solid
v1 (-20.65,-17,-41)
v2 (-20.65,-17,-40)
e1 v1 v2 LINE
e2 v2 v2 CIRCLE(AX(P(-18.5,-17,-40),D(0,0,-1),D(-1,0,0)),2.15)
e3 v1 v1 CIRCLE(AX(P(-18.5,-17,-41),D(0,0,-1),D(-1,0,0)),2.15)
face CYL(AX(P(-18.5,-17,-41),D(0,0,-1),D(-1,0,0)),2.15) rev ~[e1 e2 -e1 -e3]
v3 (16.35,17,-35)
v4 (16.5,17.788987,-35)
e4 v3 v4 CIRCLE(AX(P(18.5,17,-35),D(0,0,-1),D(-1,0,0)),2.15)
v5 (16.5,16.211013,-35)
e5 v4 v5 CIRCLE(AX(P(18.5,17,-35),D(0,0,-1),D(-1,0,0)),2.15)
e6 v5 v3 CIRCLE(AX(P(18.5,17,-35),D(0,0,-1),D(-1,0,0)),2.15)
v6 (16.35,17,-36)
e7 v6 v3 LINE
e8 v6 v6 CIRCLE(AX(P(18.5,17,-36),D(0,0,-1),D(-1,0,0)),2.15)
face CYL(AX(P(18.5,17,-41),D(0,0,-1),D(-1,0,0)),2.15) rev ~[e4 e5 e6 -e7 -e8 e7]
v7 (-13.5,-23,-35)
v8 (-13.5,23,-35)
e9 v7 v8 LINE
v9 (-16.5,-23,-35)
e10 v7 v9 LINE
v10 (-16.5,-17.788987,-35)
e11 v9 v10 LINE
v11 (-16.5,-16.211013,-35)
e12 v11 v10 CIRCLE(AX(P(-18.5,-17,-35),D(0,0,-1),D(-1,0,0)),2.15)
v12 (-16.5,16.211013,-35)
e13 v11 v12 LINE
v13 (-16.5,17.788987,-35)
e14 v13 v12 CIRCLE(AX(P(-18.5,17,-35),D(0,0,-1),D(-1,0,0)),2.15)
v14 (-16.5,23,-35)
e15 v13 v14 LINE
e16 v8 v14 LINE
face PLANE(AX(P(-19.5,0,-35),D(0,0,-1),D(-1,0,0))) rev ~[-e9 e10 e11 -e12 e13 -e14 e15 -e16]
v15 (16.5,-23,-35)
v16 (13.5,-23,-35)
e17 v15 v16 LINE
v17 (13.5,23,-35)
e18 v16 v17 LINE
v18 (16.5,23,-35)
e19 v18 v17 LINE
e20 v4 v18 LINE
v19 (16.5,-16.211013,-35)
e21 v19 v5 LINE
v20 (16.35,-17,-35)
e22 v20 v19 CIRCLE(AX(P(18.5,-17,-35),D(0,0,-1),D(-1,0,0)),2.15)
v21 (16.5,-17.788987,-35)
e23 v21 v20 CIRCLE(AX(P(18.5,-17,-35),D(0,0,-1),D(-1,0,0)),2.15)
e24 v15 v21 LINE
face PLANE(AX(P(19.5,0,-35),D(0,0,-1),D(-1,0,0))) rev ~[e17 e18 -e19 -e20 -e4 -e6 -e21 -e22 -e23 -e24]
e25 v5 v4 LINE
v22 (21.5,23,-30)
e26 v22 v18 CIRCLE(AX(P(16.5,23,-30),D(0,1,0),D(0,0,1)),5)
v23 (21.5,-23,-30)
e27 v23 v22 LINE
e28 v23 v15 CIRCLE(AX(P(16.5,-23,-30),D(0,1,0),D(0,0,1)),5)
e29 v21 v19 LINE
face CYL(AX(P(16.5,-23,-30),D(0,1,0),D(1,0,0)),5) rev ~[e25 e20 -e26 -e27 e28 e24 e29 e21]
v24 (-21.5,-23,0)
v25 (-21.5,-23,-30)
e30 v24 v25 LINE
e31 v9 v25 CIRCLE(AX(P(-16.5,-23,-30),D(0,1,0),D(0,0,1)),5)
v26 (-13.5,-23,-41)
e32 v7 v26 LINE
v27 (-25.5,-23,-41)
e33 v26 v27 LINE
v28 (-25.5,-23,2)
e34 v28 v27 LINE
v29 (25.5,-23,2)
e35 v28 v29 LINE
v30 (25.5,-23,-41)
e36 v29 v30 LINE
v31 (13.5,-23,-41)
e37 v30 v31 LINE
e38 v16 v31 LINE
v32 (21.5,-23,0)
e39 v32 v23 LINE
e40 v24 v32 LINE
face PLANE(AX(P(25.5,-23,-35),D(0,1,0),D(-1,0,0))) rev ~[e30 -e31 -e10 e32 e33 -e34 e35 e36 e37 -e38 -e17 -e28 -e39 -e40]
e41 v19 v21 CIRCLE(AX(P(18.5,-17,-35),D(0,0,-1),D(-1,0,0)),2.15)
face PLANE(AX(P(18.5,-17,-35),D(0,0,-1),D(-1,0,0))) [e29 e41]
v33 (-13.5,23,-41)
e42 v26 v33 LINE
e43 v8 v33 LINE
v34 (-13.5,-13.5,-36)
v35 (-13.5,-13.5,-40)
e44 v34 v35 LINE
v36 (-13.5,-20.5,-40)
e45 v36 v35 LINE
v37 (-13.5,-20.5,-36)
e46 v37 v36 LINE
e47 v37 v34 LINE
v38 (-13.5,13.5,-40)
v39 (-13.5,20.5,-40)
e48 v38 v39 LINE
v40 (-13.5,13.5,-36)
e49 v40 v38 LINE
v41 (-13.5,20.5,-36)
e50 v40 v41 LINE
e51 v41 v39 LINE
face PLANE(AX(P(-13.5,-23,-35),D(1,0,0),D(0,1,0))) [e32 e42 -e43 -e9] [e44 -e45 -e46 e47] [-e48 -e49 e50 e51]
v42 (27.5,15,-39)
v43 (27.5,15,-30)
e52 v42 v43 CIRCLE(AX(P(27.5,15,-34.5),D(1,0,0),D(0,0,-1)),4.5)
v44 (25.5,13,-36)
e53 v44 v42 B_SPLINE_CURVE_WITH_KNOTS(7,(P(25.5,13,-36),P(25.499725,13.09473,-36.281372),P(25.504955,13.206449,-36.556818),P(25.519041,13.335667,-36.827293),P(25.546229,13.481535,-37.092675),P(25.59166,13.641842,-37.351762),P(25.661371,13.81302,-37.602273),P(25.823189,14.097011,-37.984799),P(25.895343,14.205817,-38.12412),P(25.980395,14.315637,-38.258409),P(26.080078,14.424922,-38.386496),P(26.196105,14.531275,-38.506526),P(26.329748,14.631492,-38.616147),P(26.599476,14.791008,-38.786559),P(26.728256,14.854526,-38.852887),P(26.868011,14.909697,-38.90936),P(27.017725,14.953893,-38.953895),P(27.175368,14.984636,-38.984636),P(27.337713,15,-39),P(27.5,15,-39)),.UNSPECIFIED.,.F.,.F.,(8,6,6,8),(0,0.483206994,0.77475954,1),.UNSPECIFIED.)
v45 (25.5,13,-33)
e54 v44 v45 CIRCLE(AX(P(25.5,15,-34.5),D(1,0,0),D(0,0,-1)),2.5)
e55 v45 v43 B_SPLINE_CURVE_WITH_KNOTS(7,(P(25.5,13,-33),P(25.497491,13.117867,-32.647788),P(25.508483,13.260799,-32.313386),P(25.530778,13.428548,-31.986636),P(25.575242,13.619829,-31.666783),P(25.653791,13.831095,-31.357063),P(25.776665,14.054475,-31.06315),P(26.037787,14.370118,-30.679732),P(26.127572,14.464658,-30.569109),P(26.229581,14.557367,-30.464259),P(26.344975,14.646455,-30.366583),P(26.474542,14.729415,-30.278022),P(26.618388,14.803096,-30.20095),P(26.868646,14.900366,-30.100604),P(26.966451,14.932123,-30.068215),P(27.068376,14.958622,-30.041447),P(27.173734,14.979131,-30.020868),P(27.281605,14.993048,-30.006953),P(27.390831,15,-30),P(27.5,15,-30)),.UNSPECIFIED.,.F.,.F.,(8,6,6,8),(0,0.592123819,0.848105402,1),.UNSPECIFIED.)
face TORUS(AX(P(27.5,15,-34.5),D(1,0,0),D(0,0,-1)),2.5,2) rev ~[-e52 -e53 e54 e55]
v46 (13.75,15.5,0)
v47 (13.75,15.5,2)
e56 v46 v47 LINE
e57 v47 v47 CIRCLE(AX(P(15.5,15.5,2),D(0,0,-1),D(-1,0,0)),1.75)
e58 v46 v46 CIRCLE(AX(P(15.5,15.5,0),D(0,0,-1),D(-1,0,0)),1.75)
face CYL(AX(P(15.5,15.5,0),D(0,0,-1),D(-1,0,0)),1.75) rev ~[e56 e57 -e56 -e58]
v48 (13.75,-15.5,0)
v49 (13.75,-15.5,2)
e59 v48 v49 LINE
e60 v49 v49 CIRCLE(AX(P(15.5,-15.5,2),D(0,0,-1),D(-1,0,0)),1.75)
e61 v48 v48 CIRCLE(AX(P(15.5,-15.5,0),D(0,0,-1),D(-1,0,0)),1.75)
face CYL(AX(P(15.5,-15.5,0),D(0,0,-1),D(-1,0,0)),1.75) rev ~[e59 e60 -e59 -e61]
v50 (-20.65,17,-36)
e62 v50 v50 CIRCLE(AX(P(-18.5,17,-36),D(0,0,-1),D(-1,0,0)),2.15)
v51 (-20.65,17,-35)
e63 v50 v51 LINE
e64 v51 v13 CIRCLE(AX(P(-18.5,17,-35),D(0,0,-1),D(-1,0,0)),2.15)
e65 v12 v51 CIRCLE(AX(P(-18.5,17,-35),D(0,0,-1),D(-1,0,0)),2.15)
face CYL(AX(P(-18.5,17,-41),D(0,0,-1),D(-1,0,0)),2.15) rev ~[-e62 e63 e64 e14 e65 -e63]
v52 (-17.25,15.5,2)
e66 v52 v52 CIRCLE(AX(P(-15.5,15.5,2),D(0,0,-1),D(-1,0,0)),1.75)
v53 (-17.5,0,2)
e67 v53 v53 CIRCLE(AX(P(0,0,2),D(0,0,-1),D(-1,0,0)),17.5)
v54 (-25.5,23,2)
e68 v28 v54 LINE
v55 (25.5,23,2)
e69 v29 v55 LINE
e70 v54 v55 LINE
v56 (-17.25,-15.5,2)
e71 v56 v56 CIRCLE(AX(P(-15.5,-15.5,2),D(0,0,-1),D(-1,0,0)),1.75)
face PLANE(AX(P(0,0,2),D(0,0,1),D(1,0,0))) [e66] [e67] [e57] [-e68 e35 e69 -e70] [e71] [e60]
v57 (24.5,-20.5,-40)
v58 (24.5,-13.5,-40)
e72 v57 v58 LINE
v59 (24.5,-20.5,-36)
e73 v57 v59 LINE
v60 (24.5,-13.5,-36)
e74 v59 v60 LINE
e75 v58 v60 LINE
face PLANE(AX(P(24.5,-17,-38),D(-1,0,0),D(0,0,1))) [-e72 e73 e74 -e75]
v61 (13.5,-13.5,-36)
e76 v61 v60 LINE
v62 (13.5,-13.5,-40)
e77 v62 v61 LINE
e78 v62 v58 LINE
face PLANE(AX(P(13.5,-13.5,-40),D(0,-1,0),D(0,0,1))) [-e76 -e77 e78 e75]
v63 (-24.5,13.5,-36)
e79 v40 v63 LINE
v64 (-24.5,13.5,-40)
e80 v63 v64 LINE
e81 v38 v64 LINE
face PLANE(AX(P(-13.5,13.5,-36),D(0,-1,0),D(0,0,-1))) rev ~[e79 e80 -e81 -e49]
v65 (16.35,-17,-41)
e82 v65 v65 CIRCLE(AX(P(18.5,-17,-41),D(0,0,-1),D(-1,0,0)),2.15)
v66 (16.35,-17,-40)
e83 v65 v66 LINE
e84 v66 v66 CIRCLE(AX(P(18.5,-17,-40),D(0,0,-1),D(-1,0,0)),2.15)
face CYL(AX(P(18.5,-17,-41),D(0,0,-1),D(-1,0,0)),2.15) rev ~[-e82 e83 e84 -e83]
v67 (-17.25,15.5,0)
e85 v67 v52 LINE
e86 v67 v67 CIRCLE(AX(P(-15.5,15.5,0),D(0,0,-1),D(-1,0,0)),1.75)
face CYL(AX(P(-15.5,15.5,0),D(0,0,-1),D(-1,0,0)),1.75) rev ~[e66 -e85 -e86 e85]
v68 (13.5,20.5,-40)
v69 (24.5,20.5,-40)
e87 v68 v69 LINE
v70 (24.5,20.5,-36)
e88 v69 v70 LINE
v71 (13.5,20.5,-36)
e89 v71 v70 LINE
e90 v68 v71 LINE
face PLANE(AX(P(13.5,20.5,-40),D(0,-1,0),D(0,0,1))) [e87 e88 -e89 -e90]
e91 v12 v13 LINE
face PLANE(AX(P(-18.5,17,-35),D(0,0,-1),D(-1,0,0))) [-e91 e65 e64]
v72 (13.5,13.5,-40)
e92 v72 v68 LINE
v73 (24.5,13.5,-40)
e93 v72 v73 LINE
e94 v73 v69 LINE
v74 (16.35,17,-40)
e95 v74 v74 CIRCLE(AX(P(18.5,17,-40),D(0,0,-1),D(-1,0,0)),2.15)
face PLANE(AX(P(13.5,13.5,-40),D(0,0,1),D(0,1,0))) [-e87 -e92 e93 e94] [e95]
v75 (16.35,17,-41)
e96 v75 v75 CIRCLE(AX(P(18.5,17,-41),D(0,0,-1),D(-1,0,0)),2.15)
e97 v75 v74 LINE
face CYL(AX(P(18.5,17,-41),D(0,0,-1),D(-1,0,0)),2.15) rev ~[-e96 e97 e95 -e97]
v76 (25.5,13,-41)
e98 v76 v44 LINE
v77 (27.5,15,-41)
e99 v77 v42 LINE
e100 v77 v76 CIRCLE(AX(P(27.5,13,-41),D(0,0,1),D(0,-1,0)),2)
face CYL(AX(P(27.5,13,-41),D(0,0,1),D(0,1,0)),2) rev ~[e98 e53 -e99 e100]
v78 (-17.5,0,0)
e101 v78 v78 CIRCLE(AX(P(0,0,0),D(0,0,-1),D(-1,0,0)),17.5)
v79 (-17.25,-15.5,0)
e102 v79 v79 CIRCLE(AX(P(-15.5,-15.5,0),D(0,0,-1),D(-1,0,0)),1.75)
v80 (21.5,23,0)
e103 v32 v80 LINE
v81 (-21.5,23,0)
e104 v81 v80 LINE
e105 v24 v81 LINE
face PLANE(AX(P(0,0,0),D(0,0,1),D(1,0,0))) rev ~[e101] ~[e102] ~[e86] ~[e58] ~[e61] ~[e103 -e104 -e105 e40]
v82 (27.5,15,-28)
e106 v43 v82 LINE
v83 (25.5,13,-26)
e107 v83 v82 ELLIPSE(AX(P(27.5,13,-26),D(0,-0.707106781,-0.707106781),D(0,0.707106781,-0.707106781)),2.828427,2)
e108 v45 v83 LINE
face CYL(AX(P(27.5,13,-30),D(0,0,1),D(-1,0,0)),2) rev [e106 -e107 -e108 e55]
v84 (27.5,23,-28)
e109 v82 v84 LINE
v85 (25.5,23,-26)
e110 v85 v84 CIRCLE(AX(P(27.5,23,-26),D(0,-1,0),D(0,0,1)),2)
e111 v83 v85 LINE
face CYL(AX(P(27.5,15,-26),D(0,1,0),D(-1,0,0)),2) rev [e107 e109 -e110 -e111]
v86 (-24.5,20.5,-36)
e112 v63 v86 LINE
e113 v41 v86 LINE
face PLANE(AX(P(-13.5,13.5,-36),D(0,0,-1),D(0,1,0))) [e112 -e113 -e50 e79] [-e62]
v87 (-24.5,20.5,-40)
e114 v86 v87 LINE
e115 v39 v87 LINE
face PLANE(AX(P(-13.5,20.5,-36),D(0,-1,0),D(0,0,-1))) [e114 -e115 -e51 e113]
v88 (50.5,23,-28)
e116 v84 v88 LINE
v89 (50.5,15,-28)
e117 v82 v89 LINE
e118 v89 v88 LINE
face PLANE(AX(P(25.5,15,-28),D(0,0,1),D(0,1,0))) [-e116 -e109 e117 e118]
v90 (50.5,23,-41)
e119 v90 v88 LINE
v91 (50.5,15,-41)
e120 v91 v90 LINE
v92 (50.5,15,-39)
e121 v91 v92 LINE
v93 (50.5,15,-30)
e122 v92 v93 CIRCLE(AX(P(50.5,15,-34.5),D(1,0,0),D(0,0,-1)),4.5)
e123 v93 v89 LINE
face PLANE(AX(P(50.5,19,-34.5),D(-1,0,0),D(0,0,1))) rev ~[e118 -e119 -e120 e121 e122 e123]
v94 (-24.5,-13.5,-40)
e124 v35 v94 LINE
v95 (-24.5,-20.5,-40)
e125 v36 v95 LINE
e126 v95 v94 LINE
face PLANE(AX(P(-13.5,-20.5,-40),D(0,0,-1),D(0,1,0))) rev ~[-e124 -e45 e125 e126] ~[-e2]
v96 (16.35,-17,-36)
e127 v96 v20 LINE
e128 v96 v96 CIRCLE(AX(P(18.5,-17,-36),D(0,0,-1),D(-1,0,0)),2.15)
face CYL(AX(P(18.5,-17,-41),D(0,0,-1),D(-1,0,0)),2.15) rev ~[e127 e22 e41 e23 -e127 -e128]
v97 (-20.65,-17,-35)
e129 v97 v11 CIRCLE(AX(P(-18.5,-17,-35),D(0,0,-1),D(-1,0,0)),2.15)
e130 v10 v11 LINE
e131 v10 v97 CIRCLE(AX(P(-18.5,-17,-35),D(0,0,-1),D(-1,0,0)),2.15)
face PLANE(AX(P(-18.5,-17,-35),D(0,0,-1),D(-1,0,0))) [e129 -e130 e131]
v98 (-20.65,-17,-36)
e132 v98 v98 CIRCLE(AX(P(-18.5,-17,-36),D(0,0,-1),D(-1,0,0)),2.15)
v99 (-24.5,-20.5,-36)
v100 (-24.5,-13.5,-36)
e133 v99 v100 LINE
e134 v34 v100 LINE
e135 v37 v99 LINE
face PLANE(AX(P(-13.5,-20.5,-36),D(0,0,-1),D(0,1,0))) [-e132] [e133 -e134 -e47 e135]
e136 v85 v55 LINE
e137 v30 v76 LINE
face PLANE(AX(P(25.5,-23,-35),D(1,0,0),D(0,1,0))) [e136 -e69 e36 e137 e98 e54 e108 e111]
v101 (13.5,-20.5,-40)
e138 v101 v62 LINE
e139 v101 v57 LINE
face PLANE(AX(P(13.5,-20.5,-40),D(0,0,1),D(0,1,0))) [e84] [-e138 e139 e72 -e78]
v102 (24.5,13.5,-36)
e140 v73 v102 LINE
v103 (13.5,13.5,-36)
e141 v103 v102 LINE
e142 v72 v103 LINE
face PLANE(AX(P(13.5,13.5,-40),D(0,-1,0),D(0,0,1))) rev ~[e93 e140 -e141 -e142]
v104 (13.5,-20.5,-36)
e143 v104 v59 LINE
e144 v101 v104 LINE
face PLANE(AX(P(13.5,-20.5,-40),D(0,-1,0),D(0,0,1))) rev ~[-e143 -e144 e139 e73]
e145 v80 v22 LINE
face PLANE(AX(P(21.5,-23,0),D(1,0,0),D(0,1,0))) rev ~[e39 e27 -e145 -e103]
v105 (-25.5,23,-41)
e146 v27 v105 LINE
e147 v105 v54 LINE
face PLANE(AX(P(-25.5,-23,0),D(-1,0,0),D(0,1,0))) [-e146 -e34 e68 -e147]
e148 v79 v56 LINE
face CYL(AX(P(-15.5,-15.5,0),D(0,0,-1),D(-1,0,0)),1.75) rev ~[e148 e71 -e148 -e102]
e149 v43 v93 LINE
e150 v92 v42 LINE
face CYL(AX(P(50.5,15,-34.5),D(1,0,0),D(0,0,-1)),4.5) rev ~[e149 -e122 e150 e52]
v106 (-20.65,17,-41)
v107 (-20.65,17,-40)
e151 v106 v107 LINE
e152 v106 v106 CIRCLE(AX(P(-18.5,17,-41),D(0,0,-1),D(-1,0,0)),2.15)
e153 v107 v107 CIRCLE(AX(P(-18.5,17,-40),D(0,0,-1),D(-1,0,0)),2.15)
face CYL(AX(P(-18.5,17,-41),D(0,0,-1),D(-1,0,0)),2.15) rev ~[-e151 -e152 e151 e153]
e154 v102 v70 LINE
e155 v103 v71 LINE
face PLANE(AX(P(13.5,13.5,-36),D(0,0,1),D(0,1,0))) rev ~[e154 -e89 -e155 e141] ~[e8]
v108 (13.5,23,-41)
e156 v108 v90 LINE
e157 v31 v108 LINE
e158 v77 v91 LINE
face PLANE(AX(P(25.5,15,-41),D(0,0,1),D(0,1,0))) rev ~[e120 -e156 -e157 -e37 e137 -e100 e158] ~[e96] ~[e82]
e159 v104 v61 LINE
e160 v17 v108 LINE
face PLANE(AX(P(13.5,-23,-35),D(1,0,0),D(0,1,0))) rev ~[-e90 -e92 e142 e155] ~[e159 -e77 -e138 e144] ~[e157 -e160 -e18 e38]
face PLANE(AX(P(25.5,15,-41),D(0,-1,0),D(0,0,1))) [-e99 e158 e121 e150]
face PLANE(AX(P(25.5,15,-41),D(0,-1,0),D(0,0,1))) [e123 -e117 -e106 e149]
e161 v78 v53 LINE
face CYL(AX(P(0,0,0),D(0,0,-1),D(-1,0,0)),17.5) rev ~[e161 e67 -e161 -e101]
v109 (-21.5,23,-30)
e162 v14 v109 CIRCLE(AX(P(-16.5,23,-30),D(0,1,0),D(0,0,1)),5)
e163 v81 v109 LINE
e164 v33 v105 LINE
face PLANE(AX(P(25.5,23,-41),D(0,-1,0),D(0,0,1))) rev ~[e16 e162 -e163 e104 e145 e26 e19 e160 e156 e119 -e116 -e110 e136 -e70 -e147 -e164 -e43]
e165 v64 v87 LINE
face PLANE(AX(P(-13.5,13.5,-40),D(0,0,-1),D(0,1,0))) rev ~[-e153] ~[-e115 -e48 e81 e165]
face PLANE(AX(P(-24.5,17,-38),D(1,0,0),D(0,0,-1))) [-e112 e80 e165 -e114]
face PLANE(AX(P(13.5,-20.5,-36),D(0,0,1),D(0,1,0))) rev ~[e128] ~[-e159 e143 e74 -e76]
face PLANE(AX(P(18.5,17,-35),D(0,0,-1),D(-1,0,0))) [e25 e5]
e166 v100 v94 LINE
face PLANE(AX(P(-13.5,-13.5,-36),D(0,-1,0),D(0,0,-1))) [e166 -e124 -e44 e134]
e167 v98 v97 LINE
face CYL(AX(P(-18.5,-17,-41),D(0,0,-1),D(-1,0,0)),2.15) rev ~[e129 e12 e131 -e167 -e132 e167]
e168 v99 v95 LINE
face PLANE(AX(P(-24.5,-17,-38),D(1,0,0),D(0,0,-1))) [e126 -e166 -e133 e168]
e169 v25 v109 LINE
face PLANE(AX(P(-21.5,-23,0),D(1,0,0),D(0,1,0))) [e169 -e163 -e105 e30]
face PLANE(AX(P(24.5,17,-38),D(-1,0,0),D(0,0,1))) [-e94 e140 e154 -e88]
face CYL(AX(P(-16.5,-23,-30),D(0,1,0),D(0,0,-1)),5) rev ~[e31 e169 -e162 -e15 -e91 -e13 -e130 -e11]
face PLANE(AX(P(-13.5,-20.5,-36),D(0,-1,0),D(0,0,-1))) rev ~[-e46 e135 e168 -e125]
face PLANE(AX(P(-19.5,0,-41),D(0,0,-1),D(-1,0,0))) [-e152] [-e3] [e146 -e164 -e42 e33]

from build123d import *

# Parameters (mm, degrees)
SKETCH1_W           = 51
SKETCH1_H           = 46
BOSS_EXTRUDE1_DEPTH = 2
SKETCH2_W           = 4
SKETCH2_H           = 46
BOSS_EXTRUDE2_DEPTH = 35
SKETCH3_R           = 1.75
CUT_EXTRUDE1_DEPTH  = 30
SKETCH4_W           = 12
SKETCH4_H           = 46
BOSS_EXTRUDE3_DEPTH = 6
FILLET1_R           = 5
SKETCH5_R           = 2.15
CUT_EXTRUDE2_DEPTH  = 6
SKETCH6_W           = 4
SKETCH6_H           = 7
CUT_EXTRUDE3_DEPTH  = 11
SKETCH7_W           = 4
SKETCH7_H           = 7
CUT_EXTRUDE4_DEPTH  = 11
SKETCH8_R           = 17.5
CUT_EXTRUDE5_DEPTH  = 11
SKETCH9_W           = 13
SKETCH9_H           = 8
BOSS_EXTRUDE4_DEPTH = 25
SKETCH10_R          = 4.5
CUT_EXTRUDE6_DEPTH  = 25
FILLET2_R           = 2


with BuildPart() as part:
    # Sketch1 → Boss-Extrude1 (new body)
    with BuildSketch(Plane.XY):
        Rectangle(SKETCH1_W, SKETCH1_H)
    extrude(amount=BOSS_EXTRUDE1_DEPTH)

    # Sketch2 → Boss-Extrude2 (add)
    with BuildSketch(Plane.XY):
        with Locations((23.5, 0)):
            Rectangle(SKETCH2_W, SKETCH2_H)
        with Locations((-23.5, 0)):
            Rectangle(SKETCH2_W, SKETCH2_H)
    extrude(amount=-BOSS_EXTRUDE2_DEPTH)

    # Sketch3 → Cut-Extrude1 (cut)
    with BuildSketch(Plane(origin=(0, 0, 0), x_dir=(-1, 0, 0), z_dir=(0, 0, -1))):
        with Locations((15.5, -15.5)):
            Circle(SKETCH3_R)
        with Locations((-15.5, -15.5)):
            Circle(SKETCH3_R)
        with Locations((-15.5, 15.5)):
            Circle(SKETCH3_R)
        with Locations((15.5, 15.5)):
            Circle(SKETCH3_R)
    extrude(amount=-CUT_EXTRUDE1_DEPTH, mode=Mode.SUBTRACT)

    # Sketch4 → Boss-Extrude3 (add)
    with BuildSketch(Plane(origin=(0, 0, -35), x_dir=(-1, 0, 0), z_dir=(0, 0, -1))):
        with Locations((-19.5, 0)):
            Rectangle(SKETCH4_W, SKETCH4_H)
        with Locations((19.5, 0)):
            Rectangle(SKETCH4_W, SKETCH4_H)
    extrude(amount=BOSS_EXTRUDE3_DEPTH)

    # Fillet1
    fillet1_edges = [part.edges().sort_by_distance(p)[0] for p in [
        (21.5, 0, -35),
        (-21.5, 0, -35),
    ]]
    fillet(fillet1_edges, radius=FILLET1_R)

    # Sketch5 → Cut-Extrude2 (cut)
    with BuildSketch(Plane(origin=(0, 0, -41), x_dir=(-1, 0, 0), z_dir=(0, 0, -1))):
        with Locations((-18.5, -17)):
            Circle(SKETCH5_R)
        with Locations((-18.5, 17)):
            Circle(SKETCH5_R)
        with Locations((18.5, 17)):
            Circle(SKETCH5_R)
        with Locations((18.5, -17)):
            Circle(SKETCH5_R)
    extrude(amount=-CUT_EXTRUDE2_DEPTH, mode=Mode.SUBTRACT)

    # Sketch6 → Cut-Extrude3 (cut)
    with BuildSketch(Plane(origin=(-13.5, 0, 0), x_dir=(0, 0, -1), z_dir=(1, 0, 0))):
        with Locations((38, 17)):
            Rectangle(SKETCH6_W, SKETCH6_H)
        with Locations((38, -17)):
            Rectangle(SKETCH6_W, SKETCH6_H)
    extrude(amount=-CUT_EXTRUDE3_DEPTH, mode=Mode.SUBTRACT)

    # Sketch7 → Cut-Extrude4 (cut)
    with BuildSketch(Plane.ZY.offset(-13.5)):
        with Locations((-38, -17)):
            Rectangle(SKETCH7_W, SKETCH7_H)
        with Locations((-38, 17)):
            Rectangle(SKETCH7_W, SKETCH7_H)
    extrude(amount=-CUT_EXTRUDE4_DEPTH, mode=Mode.SUBTRACT)

    # Sketch8 → Cut-Extrude5 (cut)
    with BuildSketch(Plane(origin=(0, 0, 0), x_dir=(-1, 0, 0), z_dir=(0, 0, -1))):
        Circle(SKETCH8_R)
    extrude(amount=-CUT_EXTRUDE5_DEPTH, mode=Mode.SUBTRACT)

    # Sketch9 → Boss-Extrude4 (add)
    with BuildSketch(Plane.ZY.offset(-25.5)):
        with Locations((-34.5, 19)):
            Rectangle(SKETCH9_W, SKETCH9_H)
    extrude(amount=-BOSS_EXTRUDE4_DEPTH)

    # Sketch10 → Cut-Extrude6 (cut)
    with BuildSketch(Plane(origin=(50.5, 0, 0), x_dir=(0, 0, -1), z_dir=(1, 0, 0))):
        with Locations((34.5, 15)):
            Circle(SKETCH10_R)
    extrude(amount=-CUT_EXTRUDE6_DEPTH, mode=Mode.SUBTRACT)

    # Fillet2
    fillet2_edges = [part.edges().sort_by_distance(p)[0] for p in [
        (25.5, 19, -28),
        (25.5, 15, -29),
        (25.5, 19.5, -34.5),
        (25.5, 15, -40),
    ]]
    fillet(fillet2_edges, radius=FILLET2_R)


solid = part.part
